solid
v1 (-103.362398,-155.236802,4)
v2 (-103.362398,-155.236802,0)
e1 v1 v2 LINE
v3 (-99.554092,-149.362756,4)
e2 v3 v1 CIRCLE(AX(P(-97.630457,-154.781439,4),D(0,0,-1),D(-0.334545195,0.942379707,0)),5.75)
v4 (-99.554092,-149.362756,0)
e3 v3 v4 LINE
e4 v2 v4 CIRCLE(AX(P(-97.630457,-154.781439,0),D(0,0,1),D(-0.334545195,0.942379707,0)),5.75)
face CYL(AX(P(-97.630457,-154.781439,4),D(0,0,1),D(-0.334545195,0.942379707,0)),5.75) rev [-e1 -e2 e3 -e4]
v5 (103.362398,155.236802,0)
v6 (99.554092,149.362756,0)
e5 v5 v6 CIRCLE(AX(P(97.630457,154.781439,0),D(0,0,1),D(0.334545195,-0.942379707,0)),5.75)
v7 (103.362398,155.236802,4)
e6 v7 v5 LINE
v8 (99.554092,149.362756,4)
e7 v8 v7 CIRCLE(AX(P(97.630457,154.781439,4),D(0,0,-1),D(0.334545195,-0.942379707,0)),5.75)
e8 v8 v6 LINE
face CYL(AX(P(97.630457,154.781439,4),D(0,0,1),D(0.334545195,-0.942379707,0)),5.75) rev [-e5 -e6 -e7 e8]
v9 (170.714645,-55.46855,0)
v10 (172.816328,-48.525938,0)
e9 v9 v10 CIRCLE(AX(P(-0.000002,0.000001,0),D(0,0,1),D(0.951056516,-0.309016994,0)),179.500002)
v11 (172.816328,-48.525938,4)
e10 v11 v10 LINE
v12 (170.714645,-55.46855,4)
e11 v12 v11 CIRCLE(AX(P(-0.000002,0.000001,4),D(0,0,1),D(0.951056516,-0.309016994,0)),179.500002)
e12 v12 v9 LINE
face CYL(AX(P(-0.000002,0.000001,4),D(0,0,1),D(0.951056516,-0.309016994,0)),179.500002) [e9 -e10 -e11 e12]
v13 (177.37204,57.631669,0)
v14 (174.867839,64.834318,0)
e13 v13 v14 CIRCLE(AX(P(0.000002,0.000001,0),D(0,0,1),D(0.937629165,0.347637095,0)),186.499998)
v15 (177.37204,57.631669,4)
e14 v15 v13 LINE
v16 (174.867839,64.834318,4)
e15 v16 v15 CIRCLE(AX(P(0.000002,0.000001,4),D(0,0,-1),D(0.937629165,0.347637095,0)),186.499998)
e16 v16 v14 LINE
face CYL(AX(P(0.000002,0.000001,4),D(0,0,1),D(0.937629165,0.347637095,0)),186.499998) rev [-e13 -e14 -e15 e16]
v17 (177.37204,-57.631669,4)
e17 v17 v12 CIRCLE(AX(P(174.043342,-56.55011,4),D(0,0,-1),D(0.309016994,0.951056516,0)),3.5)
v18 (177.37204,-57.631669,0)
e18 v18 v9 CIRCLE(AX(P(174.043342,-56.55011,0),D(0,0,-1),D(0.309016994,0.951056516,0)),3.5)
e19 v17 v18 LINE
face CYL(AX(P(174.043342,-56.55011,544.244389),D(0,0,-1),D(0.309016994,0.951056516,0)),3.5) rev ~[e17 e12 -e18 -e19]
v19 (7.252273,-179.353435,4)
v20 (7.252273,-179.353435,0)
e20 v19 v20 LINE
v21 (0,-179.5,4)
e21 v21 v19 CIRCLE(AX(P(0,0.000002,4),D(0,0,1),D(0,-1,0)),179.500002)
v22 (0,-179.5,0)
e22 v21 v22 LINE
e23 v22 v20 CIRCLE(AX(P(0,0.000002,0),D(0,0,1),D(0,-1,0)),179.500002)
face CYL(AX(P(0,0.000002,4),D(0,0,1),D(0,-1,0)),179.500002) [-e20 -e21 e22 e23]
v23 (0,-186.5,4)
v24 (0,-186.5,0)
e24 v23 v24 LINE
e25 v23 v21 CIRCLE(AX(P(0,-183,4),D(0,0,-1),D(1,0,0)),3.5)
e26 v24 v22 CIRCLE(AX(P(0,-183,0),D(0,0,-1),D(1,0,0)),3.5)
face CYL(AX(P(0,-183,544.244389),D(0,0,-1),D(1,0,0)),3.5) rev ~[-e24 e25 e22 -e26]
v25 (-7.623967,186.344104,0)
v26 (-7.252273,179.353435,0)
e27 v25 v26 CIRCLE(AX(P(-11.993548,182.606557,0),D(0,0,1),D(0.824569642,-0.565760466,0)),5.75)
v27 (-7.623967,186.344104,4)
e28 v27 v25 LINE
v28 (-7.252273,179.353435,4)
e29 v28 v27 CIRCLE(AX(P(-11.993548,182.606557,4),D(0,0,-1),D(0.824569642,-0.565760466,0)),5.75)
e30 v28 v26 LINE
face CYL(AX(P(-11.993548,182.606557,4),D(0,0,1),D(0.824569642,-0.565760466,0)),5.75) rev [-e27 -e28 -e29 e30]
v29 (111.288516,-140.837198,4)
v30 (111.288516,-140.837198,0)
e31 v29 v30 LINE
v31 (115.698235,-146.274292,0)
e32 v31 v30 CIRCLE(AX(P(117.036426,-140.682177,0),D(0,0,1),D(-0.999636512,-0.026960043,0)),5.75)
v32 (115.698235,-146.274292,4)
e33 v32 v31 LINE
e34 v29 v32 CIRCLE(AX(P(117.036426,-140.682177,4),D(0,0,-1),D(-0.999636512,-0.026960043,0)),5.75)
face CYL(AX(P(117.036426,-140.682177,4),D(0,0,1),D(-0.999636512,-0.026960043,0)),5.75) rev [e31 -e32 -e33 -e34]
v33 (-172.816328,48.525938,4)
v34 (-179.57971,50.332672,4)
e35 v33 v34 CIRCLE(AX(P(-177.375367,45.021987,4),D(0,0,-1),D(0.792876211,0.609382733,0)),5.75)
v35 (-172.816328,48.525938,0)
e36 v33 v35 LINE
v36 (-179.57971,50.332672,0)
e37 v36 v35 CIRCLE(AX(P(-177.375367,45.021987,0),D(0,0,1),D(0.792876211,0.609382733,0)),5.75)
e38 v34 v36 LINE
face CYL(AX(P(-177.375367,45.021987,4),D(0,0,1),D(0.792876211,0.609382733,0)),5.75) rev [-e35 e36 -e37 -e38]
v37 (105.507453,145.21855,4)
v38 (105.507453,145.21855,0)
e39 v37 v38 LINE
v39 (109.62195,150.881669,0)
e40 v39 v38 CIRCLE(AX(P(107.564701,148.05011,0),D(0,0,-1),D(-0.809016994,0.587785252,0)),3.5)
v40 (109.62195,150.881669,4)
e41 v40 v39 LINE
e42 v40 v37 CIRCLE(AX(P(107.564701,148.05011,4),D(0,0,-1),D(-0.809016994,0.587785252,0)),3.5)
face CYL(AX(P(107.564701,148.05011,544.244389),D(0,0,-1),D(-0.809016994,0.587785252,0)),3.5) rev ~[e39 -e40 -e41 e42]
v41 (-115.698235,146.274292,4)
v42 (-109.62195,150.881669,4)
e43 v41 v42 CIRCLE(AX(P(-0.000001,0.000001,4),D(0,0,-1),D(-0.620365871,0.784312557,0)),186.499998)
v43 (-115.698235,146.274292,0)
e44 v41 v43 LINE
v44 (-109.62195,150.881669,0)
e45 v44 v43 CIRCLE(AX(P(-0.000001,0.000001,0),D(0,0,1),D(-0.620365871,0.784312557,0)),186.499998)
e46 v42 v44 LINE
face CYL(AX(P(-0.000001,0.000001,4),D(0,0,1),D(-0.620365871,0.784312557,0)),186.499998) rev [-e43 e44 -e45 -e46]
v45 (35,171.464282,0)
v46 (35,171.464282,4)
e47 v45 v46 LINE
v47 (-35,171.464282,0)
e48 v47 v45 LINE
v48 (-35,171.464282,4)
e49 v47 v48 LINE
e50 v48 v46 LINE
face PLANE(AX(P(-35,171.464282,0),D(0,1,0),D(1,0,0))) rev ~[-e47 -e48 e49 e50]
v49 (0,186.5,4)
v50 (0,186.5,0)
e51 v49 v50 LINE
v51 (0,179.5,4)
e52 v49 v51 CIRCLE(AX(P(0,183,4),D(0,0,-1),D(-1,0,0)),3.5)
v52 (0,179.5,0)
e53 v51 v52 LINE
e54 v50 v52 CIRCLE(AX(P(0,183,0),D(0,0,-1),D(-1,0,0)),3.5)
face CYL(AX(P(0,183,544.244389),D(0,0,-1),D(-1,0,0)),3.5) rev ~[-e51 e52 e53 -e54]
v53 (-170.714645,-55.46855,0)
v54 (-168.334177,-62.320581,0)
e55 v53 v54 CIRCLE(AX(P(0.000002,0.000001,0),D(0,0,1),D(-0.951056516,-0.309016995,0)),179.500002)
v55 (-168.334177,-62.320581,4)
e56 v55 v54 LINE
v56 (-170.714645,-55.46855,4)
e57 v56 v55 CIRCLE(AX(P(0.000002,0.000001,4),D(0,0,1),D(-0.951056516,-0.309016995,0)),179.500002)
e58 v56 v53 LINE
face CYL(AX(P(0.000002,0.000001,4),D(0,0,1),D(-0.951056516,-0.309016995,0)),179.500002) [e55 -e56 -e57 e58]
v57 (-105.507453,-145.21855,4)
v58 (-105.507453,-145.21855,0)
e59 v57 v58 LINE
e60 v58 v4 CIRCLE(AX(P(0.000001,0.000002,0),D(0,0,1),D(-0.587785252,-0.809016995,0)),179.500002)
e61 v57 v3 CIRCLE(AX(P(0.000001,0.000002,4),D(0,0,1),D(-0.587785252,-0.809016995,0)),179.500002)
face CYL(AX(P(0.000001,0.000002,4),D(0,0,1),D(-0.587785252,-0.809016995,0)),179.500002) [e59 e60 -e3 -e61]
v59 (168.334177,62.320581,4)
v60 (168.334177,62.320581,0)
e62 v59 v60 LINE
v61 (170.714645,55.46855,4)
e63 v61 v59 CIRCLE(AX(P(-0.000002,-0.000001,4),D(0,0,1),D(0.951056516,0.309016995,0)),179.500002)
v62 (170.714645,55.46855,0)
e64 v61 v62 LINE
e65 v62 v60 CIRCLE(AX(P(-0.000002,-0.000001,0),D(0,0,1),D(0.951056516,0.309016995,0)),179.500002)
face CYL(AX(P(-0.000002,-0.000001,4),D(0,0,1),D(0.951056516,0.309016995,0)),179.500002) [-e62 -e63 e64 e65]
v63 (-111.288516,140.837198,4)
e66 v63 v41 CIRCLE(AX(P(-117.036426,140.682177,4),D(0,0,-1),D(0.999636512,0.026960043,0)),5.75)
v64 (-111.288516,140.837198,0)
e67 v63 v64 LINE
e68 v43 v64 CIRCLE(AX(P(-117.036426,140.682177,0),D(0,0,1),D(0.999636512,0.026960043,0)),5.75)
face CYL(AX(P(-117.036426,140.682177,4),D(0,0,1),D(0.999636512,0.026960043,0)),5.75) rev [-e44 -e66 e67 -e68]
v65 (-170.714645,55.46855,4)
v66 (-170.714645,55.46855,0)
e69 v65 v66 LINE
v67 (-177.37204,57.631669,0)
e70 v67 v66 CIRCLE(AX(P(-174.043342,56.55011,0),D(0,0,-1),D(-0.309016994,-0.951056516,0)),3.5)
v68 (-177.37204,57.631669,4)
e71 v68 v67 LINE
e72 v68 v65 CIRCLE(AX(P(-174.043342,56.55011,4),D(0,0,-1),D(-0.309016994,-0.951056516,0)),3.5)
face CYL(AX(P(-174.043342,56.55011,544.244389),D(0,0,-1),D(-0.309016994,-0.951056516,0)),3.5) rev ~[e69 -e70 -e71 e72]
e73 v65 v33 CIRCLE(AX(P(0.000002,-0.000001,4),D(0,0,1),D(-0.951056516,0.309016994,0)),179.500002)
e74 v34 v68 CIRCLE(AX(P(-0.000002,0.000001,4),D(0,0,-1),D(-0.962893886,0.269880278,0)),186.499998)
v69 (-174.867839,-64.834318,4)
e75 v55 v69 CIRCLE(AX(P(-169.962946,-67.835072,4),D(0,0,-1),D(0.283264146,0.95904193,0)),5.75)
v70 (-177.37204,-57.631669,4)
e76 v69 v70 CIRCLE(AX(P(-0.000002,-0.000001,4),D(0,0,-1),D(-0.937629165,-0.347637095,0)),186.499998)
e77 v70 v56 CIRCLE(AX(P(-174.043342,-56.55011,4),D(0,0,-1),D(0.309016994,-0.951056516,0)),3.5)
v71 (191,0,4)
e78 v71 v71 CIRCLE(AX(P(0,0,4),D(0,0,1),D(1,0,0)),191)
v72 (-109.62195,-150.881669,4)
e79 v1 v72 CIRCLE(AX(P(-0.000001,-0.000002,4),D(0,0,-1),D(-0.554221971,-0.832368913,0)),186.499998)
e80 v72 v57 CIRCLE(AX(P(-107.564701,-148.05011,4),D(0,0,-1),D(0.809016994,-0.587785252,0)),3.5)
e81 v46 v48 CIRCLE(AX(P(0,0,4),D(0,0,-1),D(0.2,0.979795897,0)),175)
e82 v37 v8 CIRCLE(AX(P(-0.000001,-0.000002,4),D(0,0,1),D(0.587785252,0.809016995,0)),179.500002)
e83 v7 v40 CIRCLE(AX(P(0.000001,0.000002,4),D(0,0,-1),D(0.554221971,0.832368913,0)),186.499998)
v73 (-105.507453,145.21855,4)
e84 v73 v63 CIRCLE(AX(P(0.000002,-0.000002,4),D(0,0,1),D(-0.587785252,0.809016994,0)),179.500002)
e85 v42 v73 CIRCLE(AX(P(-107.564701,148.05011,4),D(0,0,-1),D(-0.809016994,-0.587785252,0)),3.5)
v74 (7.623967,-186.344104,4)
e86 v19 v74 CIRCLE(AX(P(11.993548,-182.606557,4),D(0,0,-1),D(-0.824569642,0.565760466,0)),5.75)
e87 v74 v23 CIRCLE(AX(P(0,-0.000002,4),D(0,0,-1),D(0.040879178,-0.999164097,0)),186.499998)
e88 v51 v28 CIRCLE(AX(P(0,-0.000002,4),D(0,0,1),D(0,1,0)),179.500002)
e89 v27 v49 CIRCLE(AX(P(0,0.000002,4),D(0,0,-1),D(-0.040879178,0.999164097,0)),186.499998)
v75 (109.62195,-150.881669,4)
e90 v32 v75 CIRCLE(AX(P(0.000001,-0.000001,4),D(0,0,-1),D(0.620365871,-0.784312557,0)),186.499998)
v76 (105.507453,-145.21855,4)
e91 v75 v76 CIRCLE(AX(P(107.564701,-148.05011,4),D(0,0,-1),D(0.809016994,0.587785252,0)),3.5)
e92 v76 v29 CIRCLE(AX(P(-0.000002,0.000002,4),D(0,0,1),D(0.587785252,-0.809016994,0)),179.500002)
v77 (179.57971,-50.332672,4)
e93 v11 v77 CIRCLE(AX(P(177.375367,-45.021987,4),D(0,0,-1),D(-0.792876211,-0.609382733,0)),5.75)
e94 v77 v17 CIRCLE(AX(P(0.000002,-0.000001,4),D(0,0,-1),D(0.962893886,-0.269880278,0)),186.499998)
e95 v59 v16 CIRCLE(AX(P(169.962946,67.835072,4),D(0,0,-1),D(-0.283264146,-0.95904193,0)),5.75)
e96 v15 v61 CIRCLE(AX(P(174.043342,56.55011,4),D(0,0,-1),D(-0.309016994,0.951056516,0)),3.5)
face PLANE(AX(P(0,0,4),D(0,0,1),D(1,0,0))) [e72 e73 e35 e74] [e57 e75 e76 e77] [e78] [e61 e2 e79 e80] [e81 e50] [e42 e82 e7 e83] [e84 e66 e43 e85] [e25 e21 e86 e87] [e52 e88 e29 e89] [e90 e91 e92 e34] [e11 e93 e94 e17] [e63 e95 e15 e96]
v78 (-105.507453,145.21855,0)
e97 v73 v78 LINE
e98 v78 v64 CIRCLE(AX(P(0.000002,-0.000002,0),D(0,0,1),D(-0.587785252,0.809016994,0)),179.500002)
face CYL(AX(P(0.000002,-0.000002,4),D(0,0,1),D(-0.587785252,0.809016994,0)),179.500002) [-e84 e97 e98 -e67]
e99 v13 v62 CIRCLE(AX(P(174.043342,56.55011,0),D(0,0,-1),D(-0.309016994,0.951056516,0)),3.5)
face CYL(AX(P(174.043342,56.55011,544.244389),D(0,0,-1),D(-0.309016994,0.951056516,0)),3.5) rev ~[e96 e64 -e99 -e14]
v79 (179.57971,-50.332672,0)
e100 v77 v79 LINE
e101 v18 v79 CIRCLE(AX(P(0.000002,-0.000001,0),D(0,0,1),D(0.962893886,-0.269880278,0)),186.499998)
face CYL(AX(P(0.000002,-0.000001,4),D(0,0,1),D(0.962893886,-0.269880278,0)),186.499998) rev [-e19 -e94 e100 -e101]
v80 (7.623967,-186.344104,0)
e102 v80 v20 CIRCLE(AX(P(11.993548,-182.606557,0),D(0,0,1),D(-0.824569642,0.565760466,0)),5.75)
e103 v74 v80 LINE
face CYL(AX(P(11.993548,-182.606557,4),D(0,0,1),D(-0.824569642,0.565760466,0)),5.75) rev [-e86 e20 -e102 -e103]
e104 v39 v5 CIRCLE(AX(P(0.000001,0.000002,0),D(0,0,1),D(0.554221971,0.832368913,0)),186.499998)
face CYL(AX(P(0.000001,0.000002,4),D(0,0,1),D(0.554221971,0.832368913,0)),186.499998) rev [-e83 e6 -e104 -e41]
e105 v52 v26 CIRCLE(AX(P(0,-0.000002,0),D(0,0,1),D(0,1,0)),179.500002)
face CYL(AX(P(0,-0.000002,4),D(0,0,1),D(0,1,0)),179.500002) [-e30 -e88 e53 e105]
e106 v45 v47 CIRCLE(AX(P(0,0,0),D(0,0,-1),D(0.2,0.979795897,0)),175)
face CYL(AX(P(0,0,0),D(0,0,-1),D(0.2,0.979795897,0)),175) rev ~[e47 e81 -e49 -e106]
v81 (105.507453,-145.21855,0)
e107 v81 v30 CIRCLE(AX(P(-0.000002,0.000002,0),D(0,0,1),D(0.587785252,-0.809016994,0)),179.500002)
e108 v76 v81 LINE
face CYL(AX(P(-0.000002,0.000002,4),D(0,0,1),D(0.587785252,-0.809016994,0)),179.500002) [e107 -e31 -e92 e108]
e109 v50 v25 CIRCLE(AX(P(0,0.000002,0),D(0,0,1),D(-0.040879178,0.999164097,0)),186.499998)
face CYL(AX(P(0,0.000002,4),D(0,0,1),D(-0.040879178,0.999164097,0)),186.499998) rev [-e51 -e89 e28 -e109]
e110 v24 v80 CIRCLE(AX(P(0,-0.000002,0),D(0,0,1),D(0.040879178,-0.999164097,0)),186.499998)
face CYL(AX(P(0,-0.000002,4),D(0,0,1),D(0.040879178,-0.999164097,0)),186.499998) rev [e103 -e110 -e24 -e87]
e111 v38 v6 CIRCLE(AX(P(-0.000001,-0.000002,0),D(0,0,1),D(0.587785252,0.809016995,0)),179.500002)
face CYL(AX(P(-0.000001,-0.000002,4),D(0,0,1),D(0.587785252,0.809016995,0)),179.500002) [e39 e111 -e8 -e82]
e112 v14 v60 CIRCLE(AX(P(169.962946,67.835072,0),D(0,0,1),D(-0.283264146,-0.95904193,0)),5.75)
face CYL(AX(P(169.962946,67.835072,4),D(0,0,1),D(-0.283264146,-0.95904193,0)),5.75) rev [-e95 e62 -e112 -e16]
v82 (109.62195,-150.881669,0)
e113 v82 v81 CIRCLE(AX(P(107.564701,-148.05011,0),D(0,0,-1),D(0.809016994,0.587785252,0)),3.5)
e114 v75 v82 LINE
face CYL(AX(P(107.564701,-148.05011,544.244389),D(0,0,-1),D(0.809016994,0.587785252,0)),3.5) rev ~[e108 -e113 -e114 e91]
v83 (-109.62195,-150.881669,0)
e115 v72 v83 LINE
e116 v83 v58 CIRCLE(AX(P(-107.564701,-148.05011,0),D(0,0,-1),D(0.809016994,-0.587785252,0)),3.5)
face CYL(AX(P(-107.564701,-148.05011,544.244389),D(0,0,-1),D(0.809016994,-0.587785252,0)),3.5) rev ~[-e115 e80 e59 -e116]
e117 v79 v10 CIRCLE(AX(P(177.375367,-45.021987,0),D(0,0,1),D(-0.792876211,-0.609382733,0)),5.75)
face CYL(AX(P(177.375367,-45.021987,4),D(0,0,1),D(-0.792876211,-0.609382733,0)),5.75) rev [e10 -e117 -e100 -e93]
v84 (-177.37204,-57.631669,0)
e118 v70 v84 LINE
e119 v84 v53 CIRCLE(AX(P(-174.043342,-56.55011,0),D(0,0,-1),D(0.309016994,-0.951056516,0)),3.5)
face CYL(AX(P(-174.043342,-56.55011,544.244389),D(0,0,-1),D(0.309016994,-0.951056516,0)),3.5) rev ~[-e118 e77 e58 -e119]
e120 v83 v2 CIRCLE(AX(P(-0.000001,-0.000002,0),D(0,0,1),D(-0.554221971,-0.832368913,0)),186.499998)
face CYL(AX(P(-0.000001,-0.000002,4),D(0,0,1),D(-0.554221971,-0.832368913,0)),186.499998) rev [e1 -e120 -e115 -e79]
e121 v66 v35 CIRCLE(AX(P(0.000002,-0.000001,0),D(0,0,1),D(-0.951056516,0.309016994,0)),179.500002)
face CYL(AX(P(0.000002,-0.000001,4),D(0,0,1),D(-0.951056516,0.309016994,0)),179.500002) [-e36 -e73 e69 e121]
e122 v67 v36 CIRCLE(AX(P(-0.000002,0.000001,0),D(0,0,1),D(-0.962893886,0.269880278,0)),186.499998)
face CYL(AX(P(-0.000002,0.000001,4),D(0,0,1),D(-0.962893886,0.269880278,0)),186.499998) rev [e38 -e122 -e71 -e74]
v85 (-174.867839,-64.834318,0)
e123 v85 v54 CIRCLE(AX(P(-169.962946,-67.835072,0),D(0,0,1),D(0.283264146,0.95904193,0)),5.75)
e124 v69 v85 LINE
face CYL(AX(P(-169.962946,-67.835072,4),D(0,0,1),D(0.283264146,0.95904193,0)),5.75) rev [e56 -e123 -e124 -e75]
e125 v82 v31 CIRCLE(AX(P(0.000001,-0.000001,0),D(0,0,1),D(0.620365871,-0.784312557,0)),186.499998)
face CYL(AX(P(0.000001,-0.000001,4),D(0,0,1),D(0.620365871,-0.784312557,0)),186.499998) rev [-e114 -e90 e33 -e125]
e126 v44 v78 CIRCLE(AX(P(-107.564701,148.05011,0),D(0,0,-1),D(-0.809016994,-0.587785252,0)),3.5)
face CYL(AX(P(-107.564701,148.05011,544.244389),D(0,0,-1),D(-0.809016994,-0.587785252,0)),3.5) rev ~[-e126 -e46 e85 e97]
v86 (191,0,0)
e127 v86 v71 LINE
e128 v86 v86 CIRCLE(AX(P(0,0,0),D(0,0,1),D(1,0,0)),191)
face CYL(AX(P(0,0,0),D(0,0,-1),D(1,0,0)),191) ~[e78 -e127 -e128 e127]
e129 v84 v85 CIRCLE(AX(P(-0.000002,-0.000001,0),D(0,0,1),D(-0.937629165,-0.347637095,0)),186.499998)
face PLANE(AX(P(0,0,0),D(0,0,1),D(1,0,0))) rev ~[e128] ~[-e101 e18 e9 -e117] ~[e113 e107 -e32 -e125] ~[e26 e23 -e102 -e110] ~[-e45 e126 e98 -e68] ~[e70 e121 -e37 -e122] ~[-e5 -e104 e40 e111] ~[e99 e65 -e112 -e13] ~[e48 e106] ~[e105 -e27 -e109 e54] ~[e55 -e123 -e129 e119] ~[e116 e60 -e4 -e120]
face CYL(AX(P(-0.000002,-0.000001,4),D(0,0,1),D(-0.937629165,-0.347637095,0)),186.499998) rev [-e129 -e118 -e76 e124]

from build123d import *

# Parameters (mm, degrees)
SKETCH1_R            = 191
BOSS_EXTRUDE1_DEPTH  = 4
M6_CLEARANCE_HOLE1_D = 7
CUT_EXTRUDE3_DEPTH   = 5
CIRPATTERN1_COUNT    = 10


with BuildPart() as part:
    # Sketch1 → Boss-Extrude1 (new body)
    with BuildSketch(Plane.XY):
        Circle(SKETCH1_R)
        with BuildLine():
            Line((-35, 171.464281995), (35, 171.464281995))
            ThreePointArc((35, 171.464281995), (0, -175), (-35, 171.464281995))
        make_face(mode=Mode.SUBTRACT)
    extrude(amount=BOSS_EXTRUDE1_DEPTH)

    # M6 Clearance Hole1 (through all)
    with Locations(Plane.XY.offset(4)):
        with Locations((0, 183)):
            m6_clearance_hole1 = Hole(M6_CLEARANCE_HOLE1_D / 2)

    # Sketch4 → Cut-Extrude3 (cut, through all)
    with BuildSketch(Plane.XY.offset(4)):
        with BuildLine():
            Line((0, 186.5), (0, 179.5))
            ThreePointArc((0, 179.5), (-3.626876902, 179.463354933), (-7.252272944, 179.353434696))
            ThreePointArc((-7.252272944, 179.353434696), (-17.735437822, 182.301261264), (-7.623966656, 186.344104099))
            ThreePointArc((-7.623966656, 186.344104099), (-3.81278019, 186.461021952), (0, 186.5))
        make_face()
    cut_extrude3 = extrude(amount=-CUT_EXTRUDE3_DEPTH, mode=Mode.SUBTRACT)

    # CirPattern1: M6 Clearance Hole1, Cut-Extrude3 ×10 about axis
    cirpattern1_axis = Axis((0, 0, 0), (0, 0, 1))
    for i in range(1, CIRPATTERN1_COUNT):
        add(m6_clearance_hole1.rotate(cirpattern1_axis, i * 360 / CIRPATTERN1_COUNT), mode=Mode.SUBTRACT)
        add(cut_extrude3.rotate(cirpattern1_axis, i * 360 / CIRPATTERN1_COUNT), mode=Mode.SUBTRACT)


solid = part.part
